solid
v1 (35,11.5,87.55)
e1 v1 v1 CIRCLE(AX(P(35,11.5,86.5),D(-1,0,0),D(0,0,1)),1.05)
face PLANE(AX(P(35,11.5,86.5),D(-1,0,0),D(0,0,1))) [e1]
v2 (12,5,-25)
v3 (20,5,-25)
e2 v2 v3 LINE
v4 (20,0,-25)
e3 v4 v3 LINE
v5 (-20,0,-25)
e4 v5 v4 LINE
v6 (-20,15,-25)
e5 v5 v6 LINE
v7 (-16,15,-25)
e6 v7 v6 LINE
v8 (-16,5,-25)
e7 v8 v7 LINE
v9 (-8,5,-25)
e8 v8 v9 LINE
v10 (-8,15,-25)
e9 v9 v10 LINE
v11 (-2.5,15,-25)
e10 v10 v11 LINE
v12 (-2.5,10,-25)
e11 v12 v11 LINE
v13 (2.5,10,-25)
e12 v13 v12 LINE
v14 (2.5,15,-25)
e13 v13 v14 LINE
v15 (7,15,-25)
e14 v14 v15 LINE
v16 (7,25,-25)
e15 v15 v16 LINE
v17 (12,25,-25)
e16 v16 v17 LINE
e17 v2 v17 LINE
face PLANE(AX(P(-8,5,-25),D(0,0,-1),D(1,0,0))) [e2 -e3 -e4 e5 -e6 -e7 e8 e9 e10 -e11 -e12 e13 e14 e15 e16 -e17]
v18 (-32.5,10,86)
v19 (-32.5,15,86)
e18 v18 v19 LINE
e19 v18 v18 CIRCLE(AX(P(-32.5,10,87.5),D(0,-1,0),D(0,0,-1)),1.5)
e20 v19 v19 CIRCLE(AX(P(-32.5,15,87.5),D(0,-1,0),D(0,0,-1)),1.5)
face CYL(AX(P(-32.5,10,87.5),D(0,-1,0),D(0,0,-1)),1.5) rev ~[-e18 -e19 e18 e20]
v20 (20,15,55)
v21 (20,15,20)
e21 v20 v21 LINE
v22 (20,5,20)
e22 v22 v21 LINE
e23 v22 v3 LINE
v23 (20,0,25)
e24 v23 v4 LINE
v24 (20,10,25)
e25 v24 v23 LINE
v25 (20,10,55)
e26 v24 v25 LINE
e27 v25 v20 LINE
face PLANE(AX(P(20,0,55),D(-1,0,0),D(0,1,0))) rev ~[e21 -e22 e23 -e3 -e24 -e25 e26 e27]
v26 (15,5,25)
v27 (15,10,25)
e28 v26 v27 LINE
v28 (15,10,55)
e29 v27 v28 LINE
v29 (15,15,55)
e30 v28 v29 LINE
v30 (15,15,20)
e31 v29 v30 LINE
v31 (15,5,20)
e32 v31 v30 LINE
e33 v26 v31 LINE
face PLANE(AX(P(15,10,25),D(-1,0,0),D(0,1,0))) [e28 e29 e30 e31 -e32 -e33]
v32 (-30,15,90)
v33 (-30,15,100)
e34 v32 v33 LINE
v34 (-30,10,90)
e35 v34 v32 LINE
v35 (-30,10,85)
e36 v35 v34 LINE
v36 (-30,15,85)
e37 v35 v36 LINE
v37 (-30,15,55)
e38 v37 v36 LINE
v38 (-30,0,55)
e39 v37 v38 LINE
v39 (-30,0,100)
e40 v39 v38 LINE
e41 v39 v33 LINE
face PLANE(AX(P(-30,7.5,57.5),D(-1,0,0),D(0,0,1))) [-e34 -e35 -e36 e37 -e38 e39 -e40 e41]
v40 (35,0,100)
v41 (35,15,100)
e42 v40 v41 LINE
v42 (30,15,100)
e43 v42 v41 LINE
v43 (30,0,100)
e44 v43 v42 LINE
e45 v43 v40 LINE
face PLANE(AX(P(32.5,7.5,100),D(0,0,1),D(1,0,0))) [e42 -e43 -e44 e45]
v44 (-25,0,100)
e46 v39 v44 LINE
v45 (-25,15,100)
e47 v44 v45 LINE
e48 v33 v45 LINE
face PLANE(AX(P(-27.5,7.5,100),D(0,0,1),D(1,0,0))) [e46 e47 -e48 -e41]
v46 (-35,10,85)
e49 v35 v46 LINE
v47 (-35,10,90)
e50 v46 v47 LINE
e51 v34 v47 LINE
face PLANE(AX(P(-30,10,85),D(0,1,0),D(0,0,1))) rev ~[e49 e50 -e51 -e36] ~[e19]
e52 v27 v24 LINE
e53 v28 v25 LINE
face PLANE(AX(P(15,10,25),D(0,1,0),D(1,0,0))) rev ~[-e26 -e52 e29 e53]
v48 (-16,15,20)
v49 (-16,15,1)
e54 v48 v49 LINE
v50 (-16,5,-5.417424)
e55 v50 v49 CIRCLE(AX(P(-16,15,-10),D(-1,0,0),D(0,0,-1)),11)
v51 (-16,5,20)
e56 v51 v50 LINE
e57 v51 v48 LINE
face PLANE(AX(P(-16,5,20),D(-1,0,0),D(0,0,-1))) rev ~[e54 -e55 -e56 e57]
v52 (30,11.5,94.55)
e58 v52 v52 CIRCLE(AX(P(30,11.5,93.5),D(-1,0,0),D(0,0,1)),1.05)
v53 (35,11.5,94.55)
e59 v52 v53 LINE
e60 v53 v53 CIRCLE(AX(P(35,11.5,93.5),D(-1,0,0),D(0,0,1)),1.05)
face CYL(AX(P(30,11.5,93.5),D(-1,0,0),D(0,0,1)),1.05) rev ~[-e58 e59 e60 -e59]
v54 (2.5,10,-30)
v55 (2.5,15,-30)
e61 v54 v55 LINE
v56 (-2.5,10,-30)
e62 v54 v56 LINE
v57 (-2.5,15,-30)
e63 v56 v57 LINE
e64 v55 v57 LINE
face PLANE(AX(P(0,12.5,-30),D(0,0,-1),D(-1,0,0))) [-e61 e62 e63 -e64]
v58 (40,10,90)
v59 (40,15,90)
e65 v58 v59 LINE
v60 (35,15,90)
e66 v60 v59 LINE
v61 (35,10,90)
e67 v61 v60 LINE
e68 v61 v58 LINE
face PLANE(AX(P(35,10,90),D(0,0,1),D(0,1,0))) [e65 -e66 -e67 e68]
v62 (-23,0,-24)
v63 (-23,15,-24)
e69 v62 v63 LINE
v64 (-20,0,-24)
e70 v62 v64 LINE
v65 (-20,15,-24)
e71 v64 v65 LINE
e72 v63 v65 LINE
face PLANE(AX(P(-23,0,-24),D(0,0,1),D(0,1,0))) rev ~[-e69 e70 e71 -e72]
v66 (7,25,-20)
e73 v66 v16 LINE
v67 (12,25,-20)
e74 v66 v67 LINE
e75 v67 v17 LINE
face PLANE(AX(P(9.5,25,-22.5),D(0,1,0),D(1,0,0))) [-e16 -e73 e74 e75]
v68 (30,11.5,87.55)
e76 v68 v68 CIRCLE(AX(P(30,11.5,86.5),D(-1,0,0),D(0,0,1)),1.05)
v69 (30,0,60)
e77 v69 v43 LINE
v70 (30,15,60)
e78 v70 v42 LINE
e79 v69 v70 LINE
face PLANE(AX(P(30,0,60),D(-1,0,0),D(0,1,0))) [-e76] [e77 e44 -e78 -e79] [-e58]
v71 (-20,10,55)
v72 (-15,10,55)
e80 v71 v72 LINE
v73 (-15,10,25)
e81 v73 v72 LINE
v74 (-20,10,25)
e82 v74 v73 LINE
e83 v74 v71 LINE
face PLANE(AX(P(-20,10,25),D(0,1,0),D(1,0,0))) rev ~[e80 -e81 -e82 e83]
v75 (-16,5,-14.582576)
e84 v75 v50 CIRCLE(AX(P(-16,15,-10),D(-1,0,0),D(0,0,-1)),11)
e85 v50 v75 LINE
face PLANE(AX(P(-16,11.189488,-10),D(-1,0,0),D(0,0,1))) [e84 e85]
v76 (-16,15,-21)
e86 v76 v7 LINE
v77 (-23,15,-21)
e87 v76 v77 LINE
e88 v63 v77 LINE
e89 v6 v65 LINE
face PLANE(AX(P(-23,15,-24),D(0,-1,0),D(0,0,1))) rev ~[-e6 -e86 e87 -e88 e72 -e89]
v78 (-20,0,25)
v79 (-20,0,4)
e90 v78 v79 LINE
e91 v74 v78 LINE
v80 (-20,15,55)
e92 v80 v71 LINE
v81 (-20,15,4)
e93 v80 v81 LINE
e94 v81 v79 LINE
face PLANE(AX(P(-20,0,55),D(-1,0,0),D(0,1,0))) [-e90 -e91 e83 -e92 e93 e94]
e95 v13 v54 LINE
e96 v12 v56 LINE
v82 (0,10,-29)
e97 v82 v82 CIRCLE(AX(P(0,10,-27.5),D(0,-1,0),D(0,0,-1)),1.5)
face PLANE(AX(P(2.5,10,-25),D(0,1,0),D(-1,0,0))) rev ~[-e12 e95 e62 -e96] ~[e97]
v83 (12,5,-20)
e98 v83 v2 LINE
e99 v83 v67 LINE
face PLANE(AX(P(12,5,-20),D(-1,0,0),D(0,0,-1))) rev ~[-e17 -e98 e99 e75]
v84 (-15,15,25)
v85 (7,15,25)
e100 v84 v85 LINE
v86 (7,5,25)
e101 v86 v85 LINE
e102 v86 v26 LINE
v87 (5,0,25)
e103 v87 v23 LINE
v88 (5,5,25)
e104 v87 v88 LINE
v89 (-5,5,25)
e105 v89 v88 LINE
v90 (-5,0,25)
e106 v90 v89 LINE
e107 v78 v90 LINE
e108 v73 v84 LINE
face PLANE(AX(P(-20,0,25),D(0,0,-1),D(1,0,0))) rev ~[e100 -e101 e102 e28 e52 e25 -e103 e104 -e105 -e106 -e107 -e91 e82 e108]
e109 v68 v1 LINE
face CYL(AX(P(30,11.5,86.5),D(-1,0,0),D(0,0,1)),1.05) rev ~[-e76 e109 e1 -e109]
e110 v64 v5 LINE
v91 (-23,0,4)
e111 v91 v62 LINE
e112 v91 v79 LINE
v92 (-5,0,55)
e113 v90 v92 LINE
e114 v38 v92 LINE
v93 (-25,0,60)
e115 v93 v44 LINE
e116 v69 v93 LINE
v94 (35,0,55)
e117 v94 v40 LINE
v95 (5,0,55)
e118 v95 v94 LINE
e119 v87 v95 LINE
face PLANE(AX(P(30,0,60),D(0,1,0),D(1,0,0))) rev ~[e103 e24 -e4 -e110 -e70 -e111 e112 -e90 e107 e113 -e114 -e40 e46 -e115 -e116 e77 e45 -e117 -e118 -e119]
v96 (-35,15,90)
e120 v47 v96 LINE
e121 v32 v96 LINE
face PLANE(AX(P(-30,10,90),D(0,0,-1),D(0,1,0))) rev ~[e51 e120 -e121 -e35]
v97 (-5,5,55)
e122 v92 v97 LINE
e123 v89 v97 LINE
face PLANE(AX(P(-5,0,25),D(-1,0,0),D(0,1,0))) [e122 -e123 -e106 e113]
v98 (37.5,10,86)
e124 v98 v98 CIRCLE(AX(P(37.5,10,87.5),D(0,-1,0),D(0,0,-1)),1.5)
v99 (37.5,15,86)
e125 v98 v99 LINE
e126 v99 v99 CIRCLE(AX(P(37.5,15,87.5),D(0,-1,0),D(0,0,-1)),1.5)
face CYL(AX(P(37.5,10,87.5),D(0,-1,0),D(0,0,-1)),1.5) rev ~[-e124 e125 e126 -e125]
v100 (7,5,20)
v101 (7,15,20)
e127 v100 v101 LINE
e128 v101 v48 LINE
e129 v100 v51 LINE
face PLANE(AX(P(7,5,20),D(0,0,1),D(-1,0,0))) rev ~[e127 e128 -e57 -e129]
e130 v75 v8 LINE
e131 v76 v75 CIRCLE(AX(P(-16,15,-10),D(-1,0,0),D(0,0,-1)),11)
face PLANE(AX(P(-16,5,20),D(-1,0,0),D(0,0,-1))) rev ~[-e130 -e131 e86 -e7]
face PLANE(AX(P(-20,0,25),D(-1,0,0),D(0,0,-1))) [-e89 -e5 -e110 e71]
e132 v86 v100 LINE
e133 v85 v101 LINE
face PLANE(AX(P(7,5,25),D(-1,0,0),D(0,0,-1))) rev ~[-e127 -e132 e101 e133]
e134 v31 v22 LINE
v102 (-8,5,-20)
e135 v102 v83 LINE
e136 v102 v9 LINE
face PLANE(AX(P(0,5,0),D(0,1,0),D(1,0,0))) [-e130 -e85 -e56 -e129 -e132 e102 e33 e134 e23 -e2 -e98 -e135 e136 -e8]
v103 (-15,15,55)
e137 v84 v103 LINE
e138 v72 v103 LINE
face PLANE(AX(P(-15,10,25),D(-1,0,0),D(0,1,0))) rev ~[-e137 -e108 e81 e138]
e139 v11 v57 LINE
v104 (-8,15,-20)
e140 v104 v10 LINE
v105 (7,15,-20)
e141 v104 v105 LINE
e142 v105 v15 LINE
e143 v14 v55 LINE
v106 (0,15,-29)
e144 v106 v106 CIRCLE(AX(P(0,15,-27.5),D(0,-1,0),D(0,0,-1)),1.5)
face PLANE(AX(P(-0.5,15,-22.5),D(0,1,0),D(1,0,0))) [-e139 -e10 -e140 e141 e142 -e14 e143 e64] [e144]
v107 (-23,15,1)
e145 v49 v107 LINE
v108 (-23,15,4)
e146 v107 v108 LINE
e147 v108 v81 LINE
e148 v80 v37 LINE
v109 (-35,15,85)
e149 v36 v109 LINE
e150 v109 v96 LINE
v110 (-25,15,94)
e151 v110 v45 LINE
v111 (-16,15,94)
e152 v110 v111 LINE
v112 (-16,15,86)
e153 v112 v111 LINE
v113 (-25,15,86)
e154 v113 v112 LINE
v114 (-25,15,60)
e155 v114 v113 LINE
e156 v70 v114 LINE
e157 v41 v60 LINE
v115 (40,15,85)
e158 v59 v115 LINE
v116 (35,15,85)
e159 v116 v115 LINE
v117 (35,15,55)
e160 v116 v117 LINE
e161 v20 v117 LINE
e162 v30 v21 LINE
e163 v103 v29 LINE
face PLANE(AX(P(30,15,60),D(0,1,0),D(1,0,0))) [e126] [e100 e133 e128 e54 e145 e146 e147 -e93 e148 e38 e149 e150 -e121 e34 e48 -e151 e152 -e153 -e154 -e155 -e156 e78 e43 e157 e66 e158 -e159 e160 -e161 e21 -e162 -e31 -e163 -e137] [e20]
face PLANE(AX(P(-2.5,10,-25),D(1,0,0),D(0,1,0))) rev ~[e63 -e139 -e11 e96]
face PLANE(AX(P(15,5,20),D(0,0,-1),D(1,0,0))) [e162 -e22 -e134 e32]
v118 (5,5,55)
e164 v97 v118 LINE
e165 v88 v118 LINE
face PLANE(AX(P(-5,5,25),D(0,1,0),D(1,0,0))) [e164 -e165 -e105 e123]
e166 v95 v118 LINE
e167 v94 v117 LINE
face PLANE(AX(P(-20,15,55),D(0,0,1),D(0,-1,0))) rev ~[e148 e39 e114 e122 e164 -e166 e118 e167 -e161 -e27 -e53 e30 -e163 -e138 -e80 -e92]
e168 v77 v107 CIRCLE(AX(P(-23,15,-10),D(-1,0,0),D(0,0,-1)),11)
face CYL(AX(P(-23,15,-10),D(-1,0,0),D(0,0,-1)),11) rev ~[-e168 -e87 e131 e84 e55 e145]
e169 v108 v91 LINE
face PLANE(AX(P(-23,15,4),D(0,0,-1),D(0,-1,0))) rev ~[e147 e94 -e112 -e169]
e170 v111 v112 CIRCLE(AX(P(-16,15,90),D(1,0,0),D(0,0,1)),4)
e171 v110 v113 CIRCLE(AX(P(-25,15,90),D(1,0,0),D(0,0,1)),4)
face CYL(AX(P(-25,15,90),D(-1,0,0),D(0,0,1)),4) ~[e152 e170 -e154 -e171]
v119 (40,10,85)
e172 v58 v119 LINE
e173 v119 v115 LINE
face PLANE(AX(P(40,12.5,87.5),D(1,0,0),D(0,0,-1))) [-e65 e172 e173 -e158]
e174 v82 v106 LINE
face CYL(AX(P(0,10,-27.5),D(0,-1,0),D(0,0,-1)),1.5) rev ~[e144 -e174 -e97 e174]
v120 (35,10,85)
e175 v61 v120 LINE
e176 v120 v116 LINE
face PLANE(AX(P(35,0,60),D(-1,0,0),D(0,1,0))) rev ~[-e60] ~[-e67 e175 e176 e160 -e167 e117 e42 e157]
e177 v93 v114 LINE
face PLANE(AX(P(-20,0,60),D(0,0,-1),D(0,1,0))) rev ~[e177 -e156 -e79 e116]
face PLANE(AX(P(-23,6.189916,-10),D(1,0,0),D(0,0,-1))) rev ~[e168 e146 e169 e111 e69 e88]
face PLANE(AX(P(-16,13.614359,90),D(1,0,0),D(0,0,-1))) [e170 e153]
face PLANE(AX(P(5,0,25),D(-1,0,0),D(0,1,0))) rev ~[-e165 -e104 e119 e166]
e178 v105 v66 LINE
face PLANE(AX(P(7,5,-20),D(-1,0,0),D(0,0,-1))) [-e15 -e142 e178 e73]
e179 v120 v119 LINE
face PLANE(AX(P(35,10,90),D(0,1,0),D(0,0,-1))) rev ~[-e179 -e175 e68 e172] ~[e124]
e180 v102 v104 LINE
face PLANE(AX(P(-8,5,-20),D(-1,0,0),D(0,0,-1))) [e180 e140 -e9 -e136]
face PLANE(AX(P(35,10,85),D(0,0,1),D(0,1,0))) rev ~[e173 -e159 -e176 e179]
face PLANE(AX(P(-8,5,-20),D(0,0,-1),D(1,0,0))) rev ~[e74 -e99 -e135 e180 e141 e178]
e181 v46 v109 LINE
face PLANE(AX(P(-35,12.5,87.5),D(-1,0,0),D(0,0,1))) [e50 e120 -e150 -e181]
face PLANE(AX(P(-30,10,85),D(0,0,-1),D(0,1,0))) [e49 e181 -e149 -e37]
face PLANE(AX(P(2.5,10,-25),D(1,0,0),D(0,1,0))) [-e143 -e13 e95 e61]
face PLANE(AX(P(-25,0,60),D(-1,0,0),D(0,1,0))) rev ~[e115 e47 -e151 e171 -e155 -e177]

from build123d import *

# Parameters (mm, degrees)
SKETCH1_W            = 40
SKETCH1_H            = 50
BOSS_EXTRUDE1_DEPTH  = 5
SKETCH3_W            = 5
SKETCH3_H            = 5
BOSS_EXTRUDE5_DEPTH  = 20
SKETCH3_3_W          = 15
SKETCH3_3_H          = 5
SKETCH3_3_W_2        = 5
BOSS_EXTRUDE6_DEPTH  = 10
CUT_EXTRUDE3_DEPTH   = 4
BOSS_EXTRUDE9_START  = 3
BOSS_EXTRUDE9_DEPTH  = 3
SKETCH11_W           = 5
SKETCH11_H           = 5
BOSS_EXTRUDE10_DEPTH = 5
SKETCH12_R           = 1.5
CUT_EXTRUDE4_DEPTH   = 5
SKETCH14_W           = 5
SKETCH14_H           = 5
SKETCH14_W_2         = 10
BOSS_EXTRUDE12_DEPTH = 30
SKETCH15_W           = 40
SKETCH15_H           = 15
BOSS_EXTRUDE13_DEPTH = 5
BOSS_EXTRUDE15_DEPTH = 15
BOSS_EXTRUDE17_DEPTH = 10
SKETCH18_W           = 5
SKETCH18_H           = 15
BOSS_EXTRUDE18_DEPTH = 40
BOSS_EXTRUDE19_DEPTH = 9
SKETCH20_W           = 5
SKETCH20_H           = 5
BOSS_EXTRUDE20_DEPTH = 5
SKETCH21_R           = 1.5
CUT_EXTRUDE5_DEPTH   = 5
SKETCH22_W           = 5
SKETCH22_H           = 5
BOSS_EXTRUDE21_DEPTH = 5
SKETCH23_R           = 1.5
CUT_EXTRUDE6_DEPTH   = 5
SKETCH24_R           = 1.05
CUT_EXTRUDE7_DEPTH   = 5


with BuildPart() as part:
    # Sketch1 → Boss-Extrude1 (new body)
    with BuildSketch(Plane(origin=(0, 0, 0), x_dir=(1, 0, 0), z_dir=(0, 1, 0))):
        Rectangle(SKETCH1_W, SKETCH1_H)
    extrude(amount=BOSS_EXTRUDE1_DEPTH)

    # Sketch3 → Boss-Extrude5 (add)
    with BuildSketch(Plane(origin=(0, 5, 0), x_dir=(1, 0, 0), z_dir=(0, 1, 0))):
        with Locations((9.5, 22.5)):
            Rectangle(SKETCH3_W, SKETCH3_H)
    extrude(amount=BOSS_EXTRUDE5_DEPTH)

    # Sketch3<3> → Boss-Extrude6 (add)
    with BuildSketch(Plane(origin=(0, 5, 0), x_dir=(1, 0, 0), z_dir=(0, 1, 0))):
        with Locations((-0.5, 22.5)):
            Rectangle(SKETCH3_3_W, SKETCH3_3_H)
        with Locations((17.5, -22.5)):
            Rectangle(SKETCH3_3_W_2, SKETCH3_3_H)
        Polygon((-16, -20), (-16, 25), (-20, 25), (-20, -25), (7, -25), (7, -20), align=None)
    extrude(amount=BOSS_EXTRUDE6_DEPTH)

    # Sketch8 → Cut-Extrude3 (cut)
    with BuildSketch(Plane.ZY.offset(20)):
        with BuildLine():
            Line((1, 15), (-21, 15))
            ThreePointArc((-21, 15), (-10, 4), (1, 15))
        make_face()
    extrude(amount=-CUT_EXTRUDE3_DEPTH, mode=Mode.SUBTRACT)

    # Sketch10 → Boss-Extrude9 (add)
    with BuildSketch(Plane.ZY.offset(20).offset(BOSS_EXTRUDE9_START)):
        with BuildLine():
            Line((1, 15), (4, 15))
            Line((4, 15), (4, 0))
            Line((4, 0), (-24, 0))
            Line((-24, 0), (-24, 15))
            Line((-24, 15), (-21, 15))
            ThreePointArc((-21, 15), (-10, 4), (1, 15))
        make_face()
    extrude(amount=-BOSS_EXTRUDE9_DEPTH)

    # Sketch11 → Boss-Extrude10 (add)
    with BuildSketch(Plane(origin=(0, 0, -25), x_dir=(-1, 0, 0), z_dir=(0, 0, -1))):
        with Locations((0, 12.5)):
            Rectangle(SKETCH11_W, SKETCH11_H)
    extrude(amount=BOSS_EXTRUDE10_DEPTH)

    # Sketch12 → Cut-Extrude4 (cut)
    with BuildSketch(Plane.XZ.offset(-10)):
        with Locations((0, -27.5)):
            Circle(SKETCH12_R)
    extrude(amount=-CUT_EXTRUDE4_DEPTH, mode=Mode.SUBTRACT)

    # Sketch14 → Boss-Extrude12 (add)
    with BuildSketch(Plane.XY.offset(25)):
        with Locations((17.5, 12.5)):
            Rectangle(SKETCH14_W, SKETCH14_H)
        with Locations((-17.5, 12.5)):
            Rectangle(SKETCH14_W, SKETCH14_H)
        with Locations((0, 2.5)):
            Rectangle(SKETCH14_W_2, SKETCH14_H)
    extrude(amount=BOSS_EXTRUDE12_DEPTH)

    # Sketch15 → Boss-Extrude13 (add)
    with BuildSketch(Plane.XY.offset(55)):
        with Locations((0, 7.5)):
            Rectangle(SKETCH15_W, SKETCH15_H)
    extrude(amount=BOSS_EXTRUDE13_DEPTH)

    # Sketch16 → Boss-Extrude15 (add)
    with BuildSketch(Plane(origin=(20, 0, 0), x_dir=(0, 0, -1), z_dir=(1, 0, 0))):
        Polygon((-60, 0), (-55, 0), (-55, 10), (-55, 15), (-60, 15), align=None)
    extrude(amount=BOSS_EXTRUDE15_DEPTH)

    # Sketch17 → Boss-Extrude17 (add)
    with BuildSketch(Plane.ZY.offset(20)):
        Polygon((55, 0), (60, 0), (60, 15), (55, 15), (55, 10), align=None)
    extrude(amount=BOSS_EXTRUDE17_DEPTH)

    # Sketch18 → Boss-Extrude18 (add)
    with BuildSketch(Plane.XY.offset(60)):
        with Locations((32.5, 7.5)):
            Rectangle(SKETCH18_W, SKETCH18_H)
        with Locations((-27.5, 7.5)):
            Rectangle(SKETCH18_W, SKETCH18_H)
    extrude(amount=BOSS_EXTRUDE18_DEPTH)

    # Sketch19 → Boss-Extrude19 (add)
    with BuildSketch(Plane(origin=(-25, 0, 0), x_dir=(0, 0, -1), z_dir=(1, 0, 0))):
        with BuildLine():
            Line((-86, 15), (-94, 15))
            ThreePointArc((-94, 15), (-90, 11), (-86, 15))
        make_face()
    extrude(amount=BOSS_EXTRUDE19_DEPTH)

    # Sketch20 → Boss-Extrude20 (add)
    with BuildSketch(Plane.ZY.offset(30)):
        with Locations((87.5, 12.5)):
            Rectangle(SKETCH20_W, SKETCH20_H)
    extrude(amount=BOSS_EXTRUDE20_DEPTH)

    # Sketch21 → Cut-Extrude5 (cut)
    with BuildSketch(Plane.XZ.offset(-10)):
        with Locations((-32.5, 87.5)):
            Circle(SKETCH21_R)
    extrude(amount=-CUT_EXTRUDE5_DEPTH, mode=Mode.SUBTRACT)

    # Sketch22 → Boss-Extrude21 (add)
    with BuildSketch(Plane(origin=(35, 0, 0), x_dir=(0, 0, -1), z_dir=(1, 0, 0))):
        with Locations((-87.5, 12.5)):
            Rectangle(SKETCH22_W, SKETCH22_H)
    extrude(amount=BOSS_EXTRUDE21_DEPTH)

    # Sketch23 → Cut-Extrude6 (cut)
    with BuildSketch(Plane.XZ.offset(-10)):
        with Locations((37.5, 87.5)):
            Circle(SKETCH23_R)
    extrude(amount=-CUT_EXTRUDE6_DEPTH, mode=Mode.SUBTRACT)

    # Sketch24 → Cut-Extrude7 (cut)
    with BuildSketch(Plane.ZY.offset(-30)):
        with Locations((93.5, 11.5)):
            Circle(SKETCH24_R)
        with Locations((86.5, 11.5)):
            Circle(SKETCH24_R)
    extrude(amount=-CUT_EXTRUDE7_DEPTH, mode=Mode.SUBTRACT)


solid = part.part
